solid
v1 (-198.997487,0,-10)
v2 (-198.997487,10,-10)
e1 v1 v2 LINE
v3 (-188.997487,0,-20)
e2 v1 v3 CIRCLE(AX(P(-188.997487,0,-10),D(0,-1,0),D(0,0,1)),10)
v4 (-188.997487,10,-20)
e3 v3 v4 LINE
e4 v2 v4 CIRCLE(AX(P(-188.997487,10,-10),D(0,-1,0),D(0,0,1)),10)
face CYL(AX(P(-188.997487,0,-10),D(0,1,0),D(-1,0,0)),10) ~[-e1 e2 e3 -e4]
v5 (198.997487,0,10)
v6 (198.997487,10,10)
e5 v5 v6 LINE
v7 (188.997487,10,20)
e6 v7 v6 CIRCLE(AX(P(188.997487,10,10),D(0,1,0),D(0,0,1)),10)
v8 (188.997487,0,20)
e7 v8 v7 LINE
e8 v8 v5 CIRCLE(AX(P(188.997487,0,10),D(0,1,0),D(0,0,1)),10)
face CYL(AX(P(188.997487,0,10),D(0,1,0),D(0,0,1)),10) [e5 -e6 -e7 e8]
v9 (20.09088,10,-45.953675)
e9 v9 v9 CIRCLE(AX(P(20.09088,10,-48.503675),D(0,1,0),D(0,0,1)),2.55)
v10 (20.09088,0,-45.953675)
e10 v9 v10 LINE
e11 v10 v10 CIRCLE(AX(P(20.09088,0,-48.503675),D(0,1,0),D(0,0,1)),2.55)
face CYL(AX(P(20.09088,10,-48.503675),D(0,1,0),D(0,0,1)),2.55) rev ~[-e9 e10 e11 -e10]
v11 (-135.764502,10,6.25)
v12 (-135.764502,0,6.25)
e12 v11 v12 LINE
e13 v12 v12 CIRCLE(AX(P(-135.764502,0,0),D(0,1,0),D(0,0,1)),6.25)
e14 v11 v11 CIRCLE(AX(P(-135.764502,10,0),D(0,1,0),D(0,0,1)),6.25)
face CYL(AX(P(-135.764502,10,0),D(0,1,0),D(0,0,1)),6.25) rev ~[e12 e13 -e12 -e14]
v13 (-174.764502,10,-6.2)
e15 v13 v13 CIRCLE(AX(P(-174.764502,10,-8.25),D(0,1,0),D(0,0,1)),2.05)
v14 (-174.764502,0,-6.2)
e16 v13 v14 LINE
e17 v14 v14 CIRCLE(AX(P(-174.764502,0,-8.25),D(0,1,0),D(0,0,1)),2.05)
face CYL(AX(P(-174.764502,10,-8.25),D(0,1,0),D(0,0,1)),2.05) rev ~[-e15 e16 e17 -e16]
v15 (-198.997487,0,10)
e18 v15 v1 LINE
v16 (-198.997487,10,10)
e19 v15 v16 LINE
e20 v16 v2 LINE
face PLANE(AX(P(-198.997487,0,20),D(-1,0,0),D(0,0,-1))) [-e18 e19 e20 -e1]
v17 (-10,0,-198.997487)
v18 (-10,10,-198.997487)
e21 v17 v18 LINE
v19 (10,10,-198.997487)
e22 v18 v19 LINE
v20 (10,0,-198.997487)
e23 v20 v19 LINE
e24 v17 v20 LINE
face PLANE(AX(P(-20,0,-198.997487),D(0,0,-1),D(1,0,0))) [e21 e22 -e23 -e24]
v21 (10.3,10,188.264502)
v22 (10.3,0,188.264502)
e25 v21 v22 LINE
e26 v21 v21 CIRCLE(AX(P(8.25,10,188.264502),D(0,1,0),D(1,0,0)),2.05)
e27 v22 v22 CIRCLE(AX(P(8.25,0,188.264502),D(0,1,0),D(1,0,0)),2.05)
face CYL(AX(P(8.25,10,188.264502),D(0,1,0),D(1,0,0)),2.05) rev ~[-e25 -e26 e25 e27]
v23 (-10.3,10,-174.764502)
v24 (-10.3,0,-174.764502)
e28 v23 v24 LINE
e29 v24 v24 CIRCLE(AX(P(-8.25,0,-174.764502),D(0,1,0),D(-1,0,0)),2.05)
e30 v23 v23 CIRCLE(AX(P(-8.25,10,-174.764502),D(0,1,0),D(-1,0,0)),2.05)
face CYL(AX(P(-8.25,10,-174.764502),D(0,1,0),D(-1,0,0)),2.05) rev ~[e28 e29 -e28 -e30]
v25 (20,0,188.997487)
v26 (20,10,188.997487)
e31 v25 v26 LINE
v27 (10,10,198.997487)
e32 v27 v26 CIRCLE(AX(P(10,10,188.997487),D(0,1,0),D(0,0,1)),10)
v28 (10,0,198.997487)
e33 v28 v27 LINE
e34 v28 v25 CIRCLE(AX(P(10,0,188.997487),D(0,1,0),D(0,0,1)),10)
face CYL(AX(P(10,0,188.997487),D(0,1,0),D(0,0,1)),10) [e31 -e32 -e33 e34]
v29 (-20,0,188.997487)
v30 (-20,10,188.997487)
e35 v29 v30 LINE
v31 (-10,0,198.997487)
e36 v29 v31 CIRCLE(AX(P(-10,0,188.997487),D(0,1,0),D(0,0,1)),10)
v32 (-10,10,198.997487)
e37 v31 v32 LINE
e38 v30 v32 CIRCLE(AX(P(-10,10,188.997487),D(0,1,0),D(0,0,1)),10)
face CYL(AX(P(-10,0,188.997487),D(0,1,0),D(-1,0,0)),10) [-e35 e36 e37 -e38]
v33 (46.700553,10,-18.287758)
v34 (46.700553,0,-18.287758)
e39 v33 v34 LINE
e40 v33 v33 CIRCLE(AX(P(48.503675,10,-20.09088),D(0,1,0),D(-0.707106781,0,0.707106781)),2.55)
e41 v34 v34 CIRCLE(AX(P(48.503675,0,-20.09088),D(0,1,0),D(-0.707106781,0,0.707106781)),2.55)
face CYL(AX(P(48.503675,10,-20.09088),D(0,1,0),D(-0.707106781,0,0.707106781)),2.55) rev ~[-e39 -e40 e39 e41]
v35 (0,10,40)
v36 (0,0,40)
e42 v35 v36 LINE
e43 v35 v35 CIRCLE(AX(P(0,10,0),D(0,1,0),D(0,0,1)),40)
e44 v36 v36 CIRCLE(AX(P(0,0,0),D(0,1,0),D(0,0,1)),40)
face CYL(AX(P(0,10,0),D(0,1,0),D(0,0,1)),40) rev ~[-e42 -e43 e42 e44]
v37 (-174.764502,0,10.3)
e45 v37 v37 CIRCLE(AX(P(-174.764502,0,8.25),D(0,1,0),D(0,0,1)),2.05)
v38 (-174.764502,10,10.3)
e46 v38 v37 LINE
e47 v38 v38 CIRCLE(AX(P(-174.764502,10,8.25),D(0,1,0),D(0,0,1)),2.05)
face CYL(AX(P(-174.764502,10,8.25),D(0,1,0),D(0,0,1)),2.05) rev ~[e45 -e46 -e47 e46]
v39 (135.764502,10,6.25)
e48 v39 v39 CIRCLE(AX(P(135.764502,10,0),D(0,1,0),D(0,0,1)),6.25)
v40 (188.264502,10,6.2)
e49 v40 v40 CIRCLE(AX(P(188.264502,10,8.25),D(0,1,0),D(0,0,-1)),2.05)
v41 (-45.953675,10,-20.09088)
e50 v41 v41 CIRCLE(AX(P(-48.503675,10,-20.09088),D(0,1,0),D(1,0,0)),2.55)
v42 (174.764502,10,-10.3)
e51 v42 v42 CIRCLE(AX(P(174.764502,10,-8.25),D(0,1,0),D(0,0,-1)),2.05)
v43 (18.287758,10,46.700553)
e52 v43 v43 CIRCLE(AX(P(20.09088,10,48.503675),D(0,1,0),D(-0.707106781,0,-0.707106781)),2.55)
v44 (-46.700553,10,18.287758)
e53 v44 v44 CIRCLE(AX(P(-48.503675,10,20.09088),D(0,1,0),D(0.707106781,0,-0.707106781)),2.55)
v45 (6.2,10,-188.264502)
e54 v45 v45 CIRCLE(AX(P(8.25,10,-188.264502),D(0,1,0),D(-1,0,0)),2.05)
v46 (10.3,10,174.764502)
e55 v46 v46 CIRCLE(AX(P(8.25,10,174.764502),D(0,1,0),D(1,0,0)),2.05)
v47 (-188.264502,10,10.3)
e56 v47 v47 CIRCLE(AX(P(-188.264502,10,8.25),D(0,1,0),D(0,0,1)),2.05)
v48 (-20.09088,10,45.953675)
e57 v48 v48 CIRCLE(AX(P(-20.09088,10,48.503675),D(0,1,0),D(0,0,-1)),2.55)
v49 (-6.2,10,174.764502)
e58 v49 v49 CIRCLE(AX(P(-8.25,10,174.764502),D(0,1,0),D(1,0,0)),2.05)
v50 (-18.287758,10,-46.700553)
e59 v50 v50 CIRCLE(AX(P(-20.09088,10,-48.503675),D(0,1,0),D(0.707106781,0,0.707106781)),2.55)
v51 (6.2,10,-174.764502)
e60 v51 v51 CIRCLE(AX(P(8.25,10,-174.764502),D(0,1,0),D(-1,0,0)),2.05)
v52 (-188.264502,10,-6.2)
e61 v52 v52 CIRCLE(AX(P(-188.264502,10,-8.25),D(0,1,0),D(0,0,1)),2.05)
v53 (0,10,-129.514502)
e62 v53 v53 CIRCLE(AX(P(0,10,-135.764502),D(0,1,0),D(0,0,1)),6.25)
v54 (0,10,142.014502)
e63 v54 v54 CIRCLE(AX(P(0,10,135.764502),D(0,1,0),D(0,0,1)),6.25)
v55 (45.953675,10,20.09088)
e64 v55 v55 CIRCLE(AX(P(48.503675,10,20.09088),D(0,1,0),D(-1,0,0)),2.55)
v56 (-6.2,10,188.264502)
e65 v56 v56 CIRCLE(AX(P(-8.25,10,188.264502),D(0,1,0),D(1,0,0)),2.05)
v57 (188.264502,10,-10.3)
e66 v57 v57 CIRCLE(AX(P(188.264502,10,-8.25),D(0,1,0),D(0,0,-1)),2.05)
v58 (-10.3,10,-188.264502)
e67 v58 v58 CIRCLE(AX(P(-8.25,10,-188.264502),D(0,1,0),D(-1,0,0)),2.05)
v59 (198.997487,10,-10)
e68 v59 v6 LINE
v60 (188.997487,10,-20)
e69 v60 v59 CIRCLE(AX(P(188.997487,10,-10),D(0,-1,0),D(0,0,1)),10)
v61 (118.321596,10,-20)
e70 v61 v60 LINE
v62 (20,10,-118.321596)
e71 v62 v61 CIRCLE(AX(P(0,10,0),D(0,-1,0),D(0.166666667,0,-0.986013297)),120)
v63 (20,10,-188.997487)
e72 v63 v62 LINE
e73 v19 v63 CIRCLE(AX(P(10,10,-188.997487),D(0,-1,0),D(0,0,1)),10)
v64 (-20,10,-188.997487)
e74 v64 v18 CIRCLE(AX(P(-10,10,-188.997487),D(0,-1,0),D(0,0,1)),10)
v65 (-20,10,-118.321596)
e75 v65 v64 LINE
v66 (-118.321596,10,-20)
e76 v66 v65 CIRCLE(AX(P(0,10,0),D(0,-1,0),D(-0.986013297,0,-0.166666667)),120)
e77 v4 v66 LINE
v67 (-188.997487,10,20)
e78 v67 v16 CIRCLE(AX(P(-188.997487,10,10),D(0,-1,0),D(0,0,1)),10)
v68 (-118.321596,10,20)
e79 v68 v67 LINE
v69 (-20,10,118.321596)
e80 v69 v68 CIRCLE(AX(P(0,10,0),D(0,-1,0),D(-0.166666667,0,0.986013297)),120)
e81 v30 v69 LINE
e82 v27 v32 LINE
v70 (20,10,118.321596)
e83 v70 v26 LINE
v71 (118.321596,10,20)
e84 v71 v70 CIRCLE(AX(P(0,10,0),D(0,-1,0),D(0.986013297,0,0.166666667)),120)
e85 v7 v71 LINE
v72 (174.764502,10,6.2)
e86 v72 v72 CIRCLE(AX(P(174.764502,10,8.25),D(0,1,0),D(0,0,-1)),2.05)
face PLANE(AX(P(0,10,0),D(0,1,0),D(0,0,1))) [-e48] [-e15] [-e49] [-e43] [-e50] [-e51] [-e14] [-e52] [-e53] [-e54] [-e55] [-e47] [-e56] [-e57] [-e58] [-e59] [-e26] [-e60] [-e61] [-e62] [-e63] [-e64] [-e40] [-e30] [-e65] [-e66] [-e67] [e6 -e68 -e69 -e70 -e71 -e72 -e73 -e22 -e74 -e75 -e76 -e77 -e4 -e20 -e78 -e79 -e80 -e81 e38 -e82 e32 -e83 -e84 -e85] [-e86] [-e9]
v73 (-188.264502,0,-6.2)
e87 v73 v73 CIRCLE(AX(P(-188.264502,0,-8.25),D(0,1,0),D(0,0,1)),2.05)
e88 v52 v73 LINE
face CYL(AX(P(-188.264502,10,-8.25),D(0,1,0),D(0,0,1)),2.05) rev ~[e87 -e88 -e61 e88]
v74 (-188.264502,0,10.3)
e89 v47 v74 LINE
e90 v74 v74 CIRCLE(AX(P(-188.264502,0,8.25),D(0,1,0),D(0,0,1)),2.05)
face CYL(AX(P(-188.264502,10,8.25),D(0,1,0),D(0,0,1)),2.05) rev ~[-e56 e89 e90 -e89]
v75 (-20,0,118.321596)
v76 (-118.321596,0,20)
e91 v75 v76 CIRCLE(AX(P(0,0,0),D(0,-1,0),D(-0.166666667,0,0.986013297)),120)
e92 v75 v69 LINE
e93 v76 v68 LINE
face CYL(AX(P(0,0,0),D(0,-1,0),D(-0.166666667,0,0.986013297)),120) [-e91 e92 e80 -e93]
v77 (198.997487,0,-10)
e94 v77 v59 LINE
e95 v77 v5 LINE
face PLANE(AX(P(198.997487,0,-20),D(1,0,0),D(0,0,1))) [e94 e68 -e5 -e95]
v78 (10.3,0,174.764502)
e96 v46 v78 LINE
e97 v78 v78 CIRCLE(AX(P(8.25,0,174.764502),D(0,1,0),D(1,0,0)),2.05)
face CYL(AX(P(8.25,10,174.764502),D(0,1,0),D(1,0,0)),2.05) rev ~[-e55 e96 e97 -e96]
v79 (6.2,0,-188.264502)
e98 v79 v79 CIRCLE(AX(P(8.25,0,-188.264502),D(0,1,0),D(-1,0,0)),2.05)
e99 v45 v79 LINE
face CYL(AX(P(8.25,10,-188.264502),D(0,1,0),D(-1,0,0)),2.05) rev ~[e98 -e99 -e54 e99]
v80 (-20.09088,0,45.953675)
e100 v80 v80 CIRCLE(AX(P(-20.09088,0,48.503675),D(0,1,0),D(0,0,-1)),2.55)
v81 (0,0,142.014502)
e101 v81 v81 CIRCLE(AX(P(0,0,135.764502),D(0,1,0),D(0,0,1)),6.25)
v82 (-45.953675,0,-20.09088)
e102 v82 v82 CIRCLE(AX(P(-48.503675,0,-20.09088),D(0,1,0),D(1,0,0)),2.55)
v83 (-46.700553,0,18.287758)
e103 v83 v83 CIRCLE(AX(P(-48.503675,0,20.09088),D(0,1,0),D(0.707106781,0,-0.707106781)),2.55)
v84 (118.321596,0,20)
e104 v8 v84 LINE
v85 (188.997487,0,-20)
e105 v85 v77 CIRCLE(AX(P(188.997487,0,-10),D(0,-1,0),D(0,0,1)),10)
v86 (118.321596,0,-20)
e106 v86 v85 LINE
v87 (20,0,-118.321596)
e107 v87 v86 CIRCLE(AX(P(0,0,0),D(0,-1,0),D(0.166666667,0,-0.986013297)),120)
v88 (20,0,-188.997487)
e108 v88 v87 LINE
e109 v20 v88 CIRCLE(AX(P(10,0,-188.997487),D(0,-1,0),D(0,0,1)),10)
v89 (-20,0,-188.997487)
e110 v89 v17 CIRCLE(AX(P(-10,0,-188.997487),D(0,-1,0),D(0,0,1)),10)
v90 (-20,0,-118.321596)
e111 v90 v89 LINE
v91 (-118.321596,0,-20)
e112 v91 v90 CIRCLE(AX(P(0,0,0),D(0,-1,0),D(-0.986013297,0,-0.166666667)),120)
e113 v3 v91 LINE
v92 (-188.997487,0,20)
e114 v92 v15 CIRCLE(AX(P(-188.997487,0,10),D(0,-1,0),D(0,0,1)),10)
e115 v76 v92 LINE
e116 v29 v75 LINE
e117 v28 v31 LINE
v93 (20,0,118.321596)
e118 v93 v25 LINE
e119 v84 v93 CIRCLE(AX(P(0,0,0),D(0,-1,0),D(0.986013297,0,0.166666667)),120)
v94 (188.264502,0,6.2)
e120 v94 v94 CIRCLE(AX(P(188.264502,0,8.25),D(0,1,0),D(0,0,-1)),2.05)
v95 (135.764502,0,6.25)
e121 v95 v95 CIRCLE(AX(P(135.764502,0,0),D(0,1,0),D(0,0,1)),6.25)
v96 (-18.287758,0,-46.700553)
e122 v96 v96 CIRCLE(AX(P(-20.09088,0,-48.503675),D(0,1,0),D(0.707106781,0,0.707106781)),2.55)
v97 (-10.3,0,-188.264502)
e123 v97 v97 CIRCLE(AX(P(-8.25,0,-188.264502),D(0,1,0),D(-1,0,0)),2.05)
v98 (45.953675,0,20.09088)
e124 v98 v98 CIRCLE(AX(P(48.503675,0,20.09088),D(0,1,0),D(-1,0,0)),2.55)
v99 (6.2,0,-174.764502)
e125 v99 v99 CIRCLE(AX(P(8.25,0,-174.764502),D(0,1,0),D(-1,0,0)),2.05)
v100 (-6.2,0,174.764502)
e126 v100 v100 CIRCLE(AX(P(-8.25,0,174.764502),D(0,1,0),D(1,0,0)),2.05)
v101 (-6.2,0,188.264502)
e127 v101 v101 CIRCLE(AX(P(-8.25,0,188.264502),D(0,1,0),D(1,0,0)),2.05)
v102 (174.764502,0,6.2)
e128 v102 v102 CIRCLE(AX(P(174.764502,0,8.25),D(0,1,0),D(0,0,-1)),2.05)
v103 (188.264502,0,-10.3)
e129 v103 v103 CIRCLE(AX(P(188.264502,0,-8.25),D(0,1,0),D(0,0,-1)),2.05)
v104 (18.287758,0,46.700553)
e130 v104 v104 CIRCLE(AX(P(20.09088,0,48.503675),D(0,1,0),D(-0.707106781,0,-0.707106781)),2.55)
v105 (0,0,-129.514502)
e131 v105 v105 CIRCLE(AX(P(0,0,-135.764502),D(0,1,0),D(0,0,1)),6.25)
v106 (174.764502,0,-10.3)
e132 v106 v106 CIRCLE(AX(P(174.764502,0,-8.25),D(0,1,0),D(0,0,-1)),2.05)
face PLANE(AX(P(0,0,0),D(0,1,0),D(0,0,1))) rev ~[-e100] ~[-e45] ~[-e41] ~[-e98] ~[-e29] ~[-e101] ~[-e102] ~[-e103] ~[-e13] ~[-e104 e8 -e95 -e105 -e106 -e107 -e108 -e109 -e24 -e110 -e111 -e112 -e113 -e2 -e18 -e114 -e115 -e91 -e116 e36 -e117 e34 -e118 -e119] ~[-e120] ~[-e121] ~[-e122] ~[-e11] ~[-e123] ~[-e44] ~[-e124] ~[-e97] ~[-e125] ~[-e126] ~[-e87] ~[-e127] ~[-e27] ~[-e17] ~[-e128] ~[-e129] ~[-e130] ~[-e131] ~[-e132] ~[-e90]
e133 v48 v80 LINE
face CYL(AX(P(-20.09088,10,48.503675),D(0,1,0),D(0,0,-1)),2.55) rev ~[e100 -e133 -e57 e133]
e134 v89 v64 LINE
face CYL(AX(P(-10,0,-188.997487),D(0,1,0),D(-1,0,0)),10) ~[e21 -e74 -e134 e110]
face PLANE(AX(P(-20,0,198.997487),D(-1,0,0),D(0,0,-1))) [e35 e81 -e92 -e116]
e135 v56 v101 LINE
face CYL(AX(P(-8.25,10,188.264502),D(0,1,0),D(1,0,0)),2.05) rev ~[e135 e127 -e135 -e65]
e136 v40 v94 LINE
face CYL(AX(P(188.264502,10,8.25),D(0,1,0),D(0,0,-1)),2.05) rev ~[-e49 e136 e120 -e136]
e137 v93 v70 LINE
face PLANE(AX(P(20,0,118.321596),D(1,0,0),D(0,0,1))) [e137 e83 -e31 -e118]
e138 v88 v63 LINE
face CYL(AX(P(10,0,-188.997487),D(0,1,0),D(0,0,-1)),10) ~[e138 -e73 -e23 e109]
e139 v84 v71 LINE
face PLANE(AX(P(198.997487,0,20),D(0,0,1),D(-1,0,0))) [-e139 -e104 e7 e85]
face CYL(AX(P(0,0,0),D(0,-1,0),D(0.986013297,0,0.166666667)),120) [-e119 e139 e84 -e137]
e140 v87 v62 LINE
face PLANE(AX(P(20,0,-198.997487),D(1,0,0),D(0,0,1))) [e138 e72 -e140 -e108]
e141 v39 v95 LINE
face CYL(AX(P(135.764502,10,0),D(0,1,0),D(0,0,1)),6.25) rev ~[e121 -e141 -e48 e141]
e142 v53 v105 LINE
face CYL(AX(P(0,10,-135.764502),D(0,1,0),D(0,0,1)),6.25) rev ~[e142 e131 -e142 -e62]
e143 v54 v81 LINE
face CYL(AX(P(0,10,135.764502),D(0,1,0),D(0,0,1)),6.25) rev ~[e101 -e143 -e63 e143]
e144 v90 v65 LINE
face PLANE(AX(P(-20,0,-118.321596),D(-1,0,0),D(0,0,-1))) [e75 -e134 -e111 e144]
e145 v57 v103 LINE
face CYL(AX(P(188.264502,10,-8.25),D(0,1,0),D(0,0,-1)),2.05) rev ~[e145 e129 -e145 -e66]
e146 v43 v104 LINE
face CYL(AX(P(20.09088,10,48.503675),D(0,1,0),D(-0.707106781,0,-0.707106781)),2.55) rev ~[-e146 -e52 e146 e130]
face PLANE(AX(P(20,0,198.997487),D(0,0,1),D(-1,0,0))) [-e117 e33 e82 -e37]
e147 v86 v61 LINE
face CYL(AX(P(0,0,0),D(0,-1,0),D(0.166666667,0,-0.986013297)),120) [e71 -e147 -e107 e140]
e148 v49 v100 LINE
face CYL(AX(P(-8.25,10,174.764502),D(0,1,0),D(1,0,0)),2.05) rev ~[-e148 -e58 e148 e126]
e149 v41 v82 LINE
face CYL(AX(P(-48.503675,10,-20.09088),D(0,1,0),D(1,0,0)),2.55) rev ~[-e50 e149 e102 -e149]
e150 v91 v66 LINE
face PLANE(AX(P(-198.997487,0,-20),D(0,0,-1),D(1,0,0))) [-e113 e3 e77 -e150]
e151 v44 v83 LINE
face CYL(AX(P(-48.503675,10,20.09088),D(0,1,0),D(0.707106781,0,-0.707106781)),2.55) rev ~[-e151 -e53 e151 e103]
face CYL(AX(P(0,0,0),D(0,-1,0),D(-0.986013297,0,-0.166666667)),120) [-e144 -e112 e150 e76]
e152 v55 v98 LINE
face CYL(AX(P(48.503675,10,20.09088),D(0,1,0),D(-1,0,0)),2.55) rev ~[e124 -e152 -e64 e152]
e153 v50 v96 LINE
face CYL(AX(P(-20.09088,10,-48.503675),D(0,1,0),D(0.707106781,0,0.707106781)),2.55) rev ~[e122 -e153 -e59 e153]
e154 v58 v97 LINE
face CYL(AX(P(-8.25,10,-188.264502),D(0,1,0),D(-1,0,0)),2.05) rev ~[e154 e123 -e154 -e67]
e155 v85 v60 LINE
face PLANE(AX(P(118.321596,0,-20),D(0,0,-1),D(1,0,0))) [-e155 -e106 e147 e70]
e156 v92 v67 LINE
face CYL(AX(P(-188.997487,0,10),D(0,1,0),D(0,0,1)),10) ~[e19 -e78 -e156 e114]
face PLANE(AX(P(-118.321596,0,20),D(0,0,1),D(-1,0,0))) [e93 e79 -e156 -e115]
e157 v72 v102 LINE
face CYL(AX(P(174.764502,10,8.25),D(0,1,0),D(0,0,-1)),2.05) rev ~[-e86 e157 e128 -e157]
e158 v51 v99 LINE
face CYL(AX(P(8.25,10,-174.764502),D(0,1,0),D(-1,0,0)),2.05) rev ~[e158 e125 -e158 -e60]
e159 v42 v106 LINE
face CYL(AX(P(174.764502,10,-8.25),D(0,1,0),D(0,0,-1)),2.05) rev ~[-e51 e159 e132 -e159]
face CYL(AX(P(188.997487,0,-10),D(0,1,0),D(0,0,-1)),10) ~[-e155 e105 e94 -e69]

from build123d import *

# Parameters (mm, degrees)
SKETCH1_R           = 200
BOSS_EXTRUDE1_DEPTH = 10
SKETCH2_R           = 6.25
CUT_EXTRUDE1_DEPTH  = 284.019433962
SKETCH4_R           = 2.55
CUT_EXTRUDE2_DEPTH  = 284.019433962
CIRPATTERN1_COUNT   = 8
SKETCH5_R           = 2.05
CUT_EXTRUDE3_DEPTH  = 284.019433962
CIRPATTERN2_COUNT   = 4
CUT_EXTRUDE4_START  = -10
CUT_EXTRUDE4_DEPTH  = 10
CIRPATTERN3_COUNT   = 4
SKETCH7_R           = 40
CUT_EXTRUDE5_DEPTH  = 282.602556807
FILLET1_R           = 10


with BuildPart() as part:
    # Sketch1 → Boss-Extrude1 (new body)
    with BuildSketch(Plane(origin=(0, 0, 0), x_dir=(1, 0, 0), z_dir=(0, 1, 0))):
        with Locations(Location((0, 0, 0), (0, 0, 270))):
            Circle(SKETCH1_R)
    extrude(amount=BOSS_EXTRUDE1_DEPTH)

    # Sketch2 → Cut-Extrude1 (cut, through all)
    with BuildSketch(Plane(origin=(0, 10, 0), x_dir=(1, 0, 0), z_dir=(0, 1, 0))):
        with Locations(Location((-135.764501988, 0, 0), (0, 0, 270))):
            Circle(SKETCH2_R)
        with Locations(Location((0, -135.764501988, 0), (0, 0, 270))):
            Circle(SKETCH2_R)
        with Locations(Location((135.764501988, 0, 0), (0, 0, 270))):
            Circle(SKETCH2_R)
        with Locations(Location((0, 135.764501988, 0), (0, 0, 270))):
            Circle(SKETCH2_R)
    extrude(amount=-CUT_EXTRUDE1_DEPTH, mode=Mode.SUBTRACT)

    # Sketch4 → Cut-Extrude2 (cut, through all)
    with BuildSketch(Plane(origin=(0, 10, 0), x_dir=(1, 0, 0), z_dir=(0, 1, 0))):
        with Locations(Location((20.090880199, 48.503675457, 0), (0, 0, 270))):
            Circle(SKETCH4_R)
    cut_extrude2 = extrude(amount=-CUT_EXTRUDE2_DEPTH, mode=Mode.SUBTRACT)

    # CirPattern1: Cut-Extrude2 ×8 about axis
    cirpattern1_axis = Axis((0, 0, 0), (0, 1, 0))
    for i in range(1, CIRPATTERN1_COUNT):
        add(cut_extrude2.rotate(cirpattern1_axis, i * 360 / CIRPATTERN1_COUNT), mode=Mode.SUBTRACT)

    # Sketch5 → Cut-Extrude3 (cut, through all)
    with BuildSketch(Plane(origin=(0, 10, 0), x_dir=(1, 0, 0), z_dir=(0, 1, 0))):
        with Locations(Location((-188.264501988, 8.25, 0), (0, 0, 270))):
            Circle(SKETCH5_R)
        with Locations(Location((-174.764501988, 8.25, 0), (0, 0, 270))):
            Circle(SKETCH5_R)
        with Locations(Location((-174.764501988, -8.25, 0), (0, 0, 270))):
            Circle(SKETCH5_R)
        with Locations(Location((-188.264501988, -8.25, 0), (0, 0, 270))):
            Circle(SKETCH5_R)
    cut_extrude3 = extrude(amount=-CUT_EXTRUDE3_DEPTH, mode=Mode.SUBTRACT)

    # CirPattern2: Cut-Extrude3 ×4 about axis
    cirpattern2_axis = Axis((0, 0, 0), (0, 1, 0))
    for i in range(1, CIRPATTERN2_COUNT):
        add(cut_extrude3.rotate(cirpattern2_axis, i * 360 / CIRPATTERN2_COUNT), mode=Mode.SUBTRACT)

    # Sketch6 → Cut-Extrude4 (cut)
    with BuildSketch(Plane(origin=(0, 10, 0), x_dir=(1, 0, 0), z_dir=(0, 1, 0)).offset(CUT_EXTRUDE4_START)):
        with BuildLine():
            Line((-198.997487421, 20), (-118.321595662, 20))
            ThreePointArc((-118.321595662, 20), (-84.852813742, 84.852813742), (-20, 118.321595662))
            Line((-20, 118.321595662), (-20, 198.997487421))
            ThreePointArc((-20, 198.997487421), (-141.421356237, 141.421356237), (-198.997487421, 20))
        make_face()
        with BuildLine():
            Line((-198.997487421, -20), (-198.997487421, 20))
            ThreePointArc((-198.997487421, 20), (-200, 0), (-198.997487421, -20))
        make_face()
    cut_extrude4 = extrude(amount=CUT_EXTRUDE4_DEPTH, mode=Mode.SUBTRACT)

    # CirPattern3: Cut-Extrude4 ×4 about axis
    cirpattern3_axis = Axis((0, 0, 0), (0, 1, 0))
    for i in range(1, CIRPATTERN3_COUNT):
        add(cut_extrude4.rotate(cirpattern3_axis, i * 360 / CIRPATTERN3_COUNT), mode=Mode.SUBTRACT)

    # Sketch7 → Cut-Extrude5 (cut, through all)
    with BuildSketch(Plane(origin=(0, 10, 0), x_dir=(1, 0, 0), z_dir=(0, 1, 0))):
        with Locations(Location((0, 0, 0), (0, 0, 270))):
            Circle(SKETCH7_R)
    extrude(amount=-CUT_EXTRUDE5_DEPTH, mode=Mode.SUBTRACT)

    # Fillet1
    fillet1_edges = [part.edges().sort_by_distance(p)[0] for p in [
        (-198.997487421, 5, -20),
        (-20, 5, -198.997487421),
        (-198.997487421, 5, 20),
        (-20, 5, 198.997487421),
        (198.997487421, 5, 20),
        (20, 5, -198.997487421),
        (20, 5, 198.997487421),
        (198.997487421, 5, -20),
    ]]
    fillet(fillet1_edges, radius=FILLET1_R)


solid = part.part
